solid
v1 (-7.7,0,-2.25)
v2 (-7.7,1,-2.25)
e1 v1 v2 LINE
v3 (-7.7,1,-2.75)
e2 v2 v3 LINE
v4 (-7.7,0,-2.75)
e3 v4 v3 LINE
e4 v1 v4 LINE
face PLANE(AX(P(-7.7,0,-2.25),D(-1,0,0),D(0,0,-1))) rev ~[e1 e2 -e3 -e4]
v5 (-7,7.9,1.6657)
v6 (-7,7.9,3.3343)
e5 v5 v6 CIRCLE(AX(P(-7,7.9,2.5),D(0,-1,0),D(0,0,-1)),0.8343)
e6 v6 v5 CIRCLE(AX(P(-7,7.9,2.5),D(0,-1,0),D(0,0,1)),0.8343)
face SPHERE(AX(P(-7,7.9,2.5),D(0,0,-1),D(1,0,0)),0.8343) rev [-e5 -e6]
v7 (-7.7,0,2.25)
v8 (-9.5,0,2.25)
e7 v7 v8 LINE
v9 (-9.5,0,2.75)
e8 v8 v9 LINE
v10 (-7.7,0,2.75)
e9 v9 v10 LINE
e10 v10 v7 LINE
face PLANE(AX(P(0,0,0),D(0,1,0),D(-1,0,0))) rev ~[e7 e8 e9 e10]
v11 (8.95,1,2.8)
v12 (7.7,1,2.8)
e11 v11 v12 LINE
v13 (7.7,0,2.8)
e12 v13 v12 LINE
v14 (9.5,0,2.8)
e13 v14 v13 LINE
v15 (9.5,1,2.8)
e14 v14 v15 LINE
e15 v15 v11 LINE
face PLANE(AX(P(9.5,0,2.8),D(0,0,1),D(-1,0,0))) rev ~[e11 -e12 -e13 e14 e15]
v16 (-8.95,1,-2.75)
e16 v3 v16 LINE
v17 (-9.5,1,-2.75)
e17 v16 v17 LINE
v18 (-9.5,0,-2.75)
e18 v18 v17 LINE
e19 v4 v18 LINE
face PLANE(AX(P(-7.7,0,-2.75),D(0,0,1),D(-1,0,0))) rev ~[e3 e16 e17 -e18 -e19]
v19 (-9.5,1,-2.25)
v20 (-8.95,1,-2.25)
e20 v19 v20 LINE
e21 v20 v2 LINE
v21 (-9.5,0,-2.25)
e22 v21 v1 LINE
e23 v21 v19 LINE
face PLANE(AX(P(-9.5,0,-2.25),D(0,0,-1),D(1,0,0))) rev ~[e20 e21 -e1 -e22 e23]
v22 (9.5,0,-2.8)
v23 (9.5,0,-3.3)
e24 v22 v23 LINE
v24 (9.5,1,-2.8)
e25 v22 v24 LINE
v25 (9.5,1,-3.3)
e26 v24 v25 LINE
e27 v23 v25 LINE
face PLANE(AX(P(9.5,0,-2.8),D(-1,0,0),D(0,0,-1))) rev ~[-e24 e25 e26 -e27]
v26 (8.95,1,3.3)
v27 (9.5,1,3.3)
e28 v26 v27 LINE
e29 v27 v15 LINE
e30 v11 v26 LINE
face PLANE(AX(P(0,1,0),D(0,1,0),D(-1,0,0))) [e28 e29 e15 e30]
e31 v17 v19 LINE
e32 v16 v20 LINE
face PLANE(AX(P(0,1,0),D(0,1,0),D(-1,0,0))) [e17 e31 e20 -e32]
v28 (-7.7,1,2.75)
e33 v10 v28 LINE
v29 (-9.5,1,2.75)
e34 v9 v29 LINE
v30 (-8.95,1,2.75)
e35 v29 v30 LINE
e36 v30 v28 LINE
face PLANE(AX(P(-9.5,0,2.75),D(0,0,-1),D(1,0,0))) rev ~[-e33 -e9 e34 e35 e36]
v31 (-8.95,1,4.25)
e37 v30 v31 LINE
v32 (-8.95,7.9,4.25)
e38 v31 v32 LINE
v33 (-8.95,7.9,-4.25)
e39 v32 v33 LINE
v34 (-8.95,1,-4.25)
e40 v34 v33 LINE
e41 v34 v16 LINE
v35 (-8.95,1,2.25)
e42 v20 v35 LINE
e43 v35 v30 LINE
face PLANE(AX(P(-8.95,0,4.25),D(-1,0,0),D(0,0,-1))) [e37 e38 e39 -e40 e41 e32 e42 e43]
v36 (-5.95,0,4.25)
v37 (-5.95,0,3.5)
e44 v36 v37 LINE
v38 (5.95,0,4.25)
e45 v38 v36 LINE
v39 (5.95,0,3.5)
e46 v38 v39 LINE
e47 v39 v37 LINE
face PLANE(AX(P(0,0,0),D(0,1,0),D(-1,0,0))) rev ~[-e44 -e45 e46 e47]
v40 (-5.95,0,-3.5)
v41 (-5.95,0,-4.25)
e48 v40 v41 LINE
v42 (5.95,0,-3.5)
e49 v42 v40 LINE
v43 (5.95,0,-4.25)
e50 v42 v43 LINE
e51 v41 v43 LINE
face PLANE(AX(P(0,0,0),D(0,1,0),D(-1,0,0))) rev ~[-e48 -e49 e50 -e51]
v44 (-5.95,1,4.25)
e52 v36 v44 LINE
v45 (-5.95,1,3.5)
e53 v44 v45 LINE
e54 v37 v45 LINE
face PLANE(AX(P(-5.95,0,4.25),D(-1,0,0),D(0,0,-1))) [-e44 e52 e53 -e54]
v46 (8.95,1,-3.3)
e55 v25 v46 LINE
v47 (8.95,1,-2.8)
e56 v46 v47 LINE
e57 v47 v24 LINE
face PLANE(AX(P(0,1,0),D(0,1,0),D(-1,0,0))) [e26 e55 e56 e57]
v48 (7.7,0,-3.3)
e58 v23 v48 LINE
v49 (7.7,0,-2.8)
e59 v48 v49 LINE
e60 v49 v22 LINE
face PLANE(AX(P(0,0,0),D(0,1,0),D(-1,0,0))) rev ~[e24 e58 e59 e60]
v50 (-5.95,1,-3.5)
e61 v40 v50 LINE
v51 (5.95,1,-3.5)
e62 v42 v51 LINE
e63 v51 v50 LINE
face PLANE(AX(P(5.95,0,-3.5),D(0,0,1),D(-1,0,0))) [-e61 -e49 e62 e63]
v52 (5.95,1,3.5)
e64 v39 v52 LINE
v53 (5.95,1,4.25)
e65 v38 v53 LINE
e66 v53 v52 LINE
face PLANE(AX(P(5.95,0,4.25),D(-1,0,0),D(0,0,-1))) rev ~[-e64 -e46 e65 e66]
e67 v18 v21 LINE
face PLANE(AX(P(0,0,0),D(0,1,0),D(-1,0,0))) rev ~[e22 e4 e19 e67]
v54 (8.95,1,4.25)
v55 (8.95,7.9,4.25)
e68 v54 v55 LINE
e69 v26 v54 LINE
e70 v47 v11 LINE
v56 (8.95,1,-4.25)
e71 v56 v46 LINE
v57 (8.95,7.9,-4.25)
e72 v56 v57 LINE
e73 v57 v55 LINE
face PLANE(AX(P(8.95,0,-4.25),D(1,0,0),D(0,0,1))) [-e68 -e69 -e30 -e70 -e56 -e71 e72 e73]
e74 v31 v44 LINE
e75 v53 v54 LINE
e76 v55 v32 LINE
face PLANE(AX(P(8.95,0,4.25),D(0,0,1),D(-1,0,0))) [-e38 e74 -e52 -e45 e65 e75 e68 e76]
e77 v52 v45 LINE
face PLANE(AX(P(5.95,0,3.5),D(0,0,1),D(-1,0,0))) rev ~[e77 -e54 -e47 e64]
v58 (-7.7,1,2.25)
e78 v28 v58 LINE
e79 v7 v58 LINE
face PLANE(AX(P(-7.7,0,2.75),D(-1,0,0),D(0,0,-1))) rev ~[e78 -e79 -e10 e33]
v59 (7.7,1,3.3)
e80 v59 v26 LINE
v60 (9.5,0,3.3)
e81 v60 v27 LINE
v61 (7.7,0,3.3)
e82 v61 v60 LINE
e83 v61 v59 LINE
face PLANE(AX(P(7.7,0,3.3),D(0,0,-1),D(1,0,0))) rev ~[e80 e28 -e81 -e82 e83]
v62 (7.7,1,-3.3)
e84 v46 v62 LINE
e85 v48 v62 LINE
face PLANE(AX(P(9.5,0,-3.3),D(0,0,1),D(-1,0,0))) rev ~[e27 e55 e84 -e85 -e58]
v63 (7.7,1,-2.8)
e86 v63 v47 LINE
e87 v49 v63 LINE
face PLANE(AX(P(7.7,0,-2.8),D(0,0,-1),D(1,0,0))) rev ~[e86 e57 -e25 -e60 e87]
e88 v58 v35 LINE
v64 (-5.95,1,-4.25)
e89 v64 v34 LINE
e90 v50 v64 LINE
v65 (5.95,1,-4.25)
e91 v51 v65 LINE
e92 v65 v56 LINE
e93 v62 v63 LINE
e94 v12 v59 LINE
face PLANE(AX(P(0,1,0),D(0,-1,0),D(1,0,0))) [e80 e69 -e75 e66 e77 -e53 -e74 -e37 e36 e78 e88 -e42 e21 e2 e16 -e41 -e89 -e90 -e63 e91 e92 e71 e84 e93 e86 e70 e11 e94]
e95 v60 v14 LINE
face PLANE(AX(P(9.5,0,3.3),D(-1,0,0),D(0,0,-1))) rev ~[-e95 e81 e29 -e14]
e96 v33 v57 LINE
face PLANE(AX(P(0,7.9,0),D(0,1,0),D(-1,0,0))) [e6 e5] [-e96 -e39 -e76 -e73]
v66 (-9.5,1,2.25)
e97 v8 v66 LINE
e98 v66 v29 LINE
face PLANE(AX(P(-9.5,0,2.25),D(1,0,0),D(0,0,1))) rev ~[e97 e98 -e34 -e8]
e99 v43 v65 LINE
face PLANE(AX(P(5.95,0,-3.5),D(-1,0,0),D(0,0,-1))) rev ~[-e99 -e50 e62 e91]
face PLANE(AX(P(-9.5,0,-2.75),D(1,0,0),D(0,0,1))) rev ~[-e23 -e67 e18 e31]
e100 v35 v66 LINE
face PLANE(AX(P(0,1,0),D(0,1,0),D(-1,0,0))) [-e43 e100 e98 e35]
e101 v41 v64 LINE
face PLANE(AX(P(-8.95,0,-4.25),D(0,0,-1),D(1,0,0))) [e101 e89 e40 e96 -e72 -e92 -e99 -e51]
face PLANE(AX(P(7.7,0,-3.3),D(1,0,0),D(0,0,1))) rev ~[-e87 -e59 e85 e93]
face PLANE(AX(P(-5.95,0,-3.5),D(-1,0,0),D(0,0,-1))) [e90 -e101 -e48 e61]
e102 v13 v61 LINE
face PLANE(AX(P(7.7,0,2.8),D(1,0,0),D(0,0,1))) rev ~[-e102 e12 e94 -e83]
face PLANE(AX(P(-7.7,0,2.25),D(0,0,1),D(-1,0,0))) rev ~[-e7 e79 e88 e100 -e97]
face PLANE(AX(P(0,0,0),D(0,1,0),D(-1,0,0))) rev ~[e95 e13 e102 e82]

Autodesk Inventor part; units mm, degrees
ref_plane "YZ Plane" through (0, 0, 0) normal (1, 0, 0) x (0, 1, 0)
ref_plane "XZ Plane" through (0, 0, 0) normal (0, 1, 0) x (-1, 0, 0)
ref_plane "XY Plane" through (0, 0, 0) normal (0, 0, 1) x (1, 0, 0)
sketch "Sketch1" plane through (0, 0, 0) normal (0, 1, 0) x (-1, 0, 0)
  line L0 (8.95, -4.25) -> (-8.95, -4.25)
  line L1 (-8.95, -4.25) -> (-8.95, 4.25)
  line L2 (-8.95, 4.25) -> (8.95, 4.25)
  line L3 (8.95, 4.25) -> (8.95, -4.25)
  point P0 (0, 0)
  point P1 (0, -4.25)
  point P2 (-8.95, 0)
  dimension "d0" = 17.9
  dimension "d1" = 8.5
extrude "Extrusion1" add sketch "Sketch1" along normal blind 7.9
sketch "Sketch2" plane through (0, 0, 0) normal (0, -1, 0) x (1, 0, 0)
  line L0 (-8.95, 4.25) -> (8.95, 4.25) projected
  line L1 (-8.95, 4.25) -> (-5.95, 4.25)
  line L2 (-5.95, 4.25) -> (-5.95, -4.25)
  line L3 (-5.95, -4.25) -> (-8.95, -4.25)
  line L4 (-8.95, -4.25) -> (-8.95, 4.25)
  line L5 (8.95, 4.25) -> (5.95, 4.25)
  line L6 (5.95, 4.25) -> (5.95, -4.25)
  line L7 (5.95, -4.25) -> (8.95, -4.25)
  line L8 (8.95, -4.25) -> (8.95, 4.25)
  line L9 (8.95, -4.25) -> (-8.95, -4.25) projected
  line L10 (-5.95, 4.25) -> (5.95, 4.25)
  line L11 (5.95, 4.25) -> (5.95, 3.5)
  line L12 (5.95, 3.5) -> (-5.95, 3.5)
  line L13 (-5.95, 3.5) -> (-5.95, 4.25)
  line L14 (-5.95, -4.25) -> (5.95, -4.25)
  line L15 (5.95, -4.25) -> (5.95, -3.5)
  line L16 (5.95, -3.5) -> (-5.95, -3.5)
  line L17 (-5.95, -3.5) -> (-5.95, -4.25)
  point P0 (0, 0)
  point P1 (-5.95, 3.5)
  dimension "d4" = 3
  dimension "d5" = 3
  dimension "d6" = 0.75
extrude "Extrusion2" cut sketch "Sketch2" against normal blind 1 contours L0 L2 L3 L4 | L0 L8 L7 L6 | L12 L6 L16 L2
sketch "Sketch3" plane through (0, 0, 0) normal (0, 1, 0) x (-1, 0, 0)
  line L0 (9.5, 2.75) -> (7.7, 2.75)
  line L1 (7.7, 2.75) -> (7.7, 2.25)
  line L2 (7.7, 2.25) -> (9.5, 2.25)
  line L3 (9.5, 2.25) -> (9.5, 2.75)
  line L4 (9.5, -2.25) -> (7.7, -2.25)
  line L5 (7.7, -2.25) -> (7.7, -2.75)
  line L6 (7.7, -2.75) -> (9.5, -2.75)
  line L7 (9.5, -2.75) -> (9.5, -2.25)
  line L8 (9.5, 2.5) -> (9.5, -2.5) construction
  line L9 (-7.7, 3.3) -> (-9.5, 3.3)
  line L10 (-9.5, 3.3) -> (-9.5, 2.8)
  line L11 (-9.5, 2.8) -> (-7.7, 2.8)
  line L12 (-7.7, 2.8) -> (-7.7, 3.3)
  line L13 (-7.7, -2.8) -> (-9.5, -2.8)
  line L14 (-9.5, -2.8) -> (-9.5, -3.3)
  line L15 (-9.5, -3.3) -> (-7.7, -3.3)
  line L16 (-7.7, -3.3) -> (-7.7, -2.8)
  line L17 (-9.5, 3.05) -> (-9.5, -3.05) construction
  line L18 (9.5, 0) -> (-9.5, 0) construction
  point P0 (0, 0)
  point P1 (8.6, -2.25)
  point P2 (8.6, 2.25)
  point P3 (-8.6, -2.8)
  point P4 (-8.6, 2.8)
  point P5 (0, 0)
  dimension "d9" = 0.5
  dimension "d10" = 1.8
  dimension "d11" = 0.5
  dimension "d12" = 1.8
  dimension "d13" = 5
  dimension "d14" = 0.5
  dimension "d15" = 1.8
  dimension "d16" = 0.5
  dimension "d17" = 1.8
  dimension "d19" = 6.1
  dimension "d20" = 19
extrude "Extrusion3" add sketch "Sketch3" along normal blind 1
sketch "Sketch4" plane through (0, 7.9, 0) normal (0, 1, 0) x (1, 0, 0)
  circle A0 centre (-7, -2.5) radius 0.8343
  line L0 (-7, -1.6657) -> (-7, -3.3343)
  point P0 (0, 0)
  dimension "d23" = 7
  dimension "d24" = 2.5
revolve "Revolution1" cut sketch "Sketch4" angle 360 about axis through (-7, 7.9, 1.6657) along (0, 0, 1) picked at (-6.7647, -2.2895) contours A0 L0
properties part number "ZS1052_S_HT"
